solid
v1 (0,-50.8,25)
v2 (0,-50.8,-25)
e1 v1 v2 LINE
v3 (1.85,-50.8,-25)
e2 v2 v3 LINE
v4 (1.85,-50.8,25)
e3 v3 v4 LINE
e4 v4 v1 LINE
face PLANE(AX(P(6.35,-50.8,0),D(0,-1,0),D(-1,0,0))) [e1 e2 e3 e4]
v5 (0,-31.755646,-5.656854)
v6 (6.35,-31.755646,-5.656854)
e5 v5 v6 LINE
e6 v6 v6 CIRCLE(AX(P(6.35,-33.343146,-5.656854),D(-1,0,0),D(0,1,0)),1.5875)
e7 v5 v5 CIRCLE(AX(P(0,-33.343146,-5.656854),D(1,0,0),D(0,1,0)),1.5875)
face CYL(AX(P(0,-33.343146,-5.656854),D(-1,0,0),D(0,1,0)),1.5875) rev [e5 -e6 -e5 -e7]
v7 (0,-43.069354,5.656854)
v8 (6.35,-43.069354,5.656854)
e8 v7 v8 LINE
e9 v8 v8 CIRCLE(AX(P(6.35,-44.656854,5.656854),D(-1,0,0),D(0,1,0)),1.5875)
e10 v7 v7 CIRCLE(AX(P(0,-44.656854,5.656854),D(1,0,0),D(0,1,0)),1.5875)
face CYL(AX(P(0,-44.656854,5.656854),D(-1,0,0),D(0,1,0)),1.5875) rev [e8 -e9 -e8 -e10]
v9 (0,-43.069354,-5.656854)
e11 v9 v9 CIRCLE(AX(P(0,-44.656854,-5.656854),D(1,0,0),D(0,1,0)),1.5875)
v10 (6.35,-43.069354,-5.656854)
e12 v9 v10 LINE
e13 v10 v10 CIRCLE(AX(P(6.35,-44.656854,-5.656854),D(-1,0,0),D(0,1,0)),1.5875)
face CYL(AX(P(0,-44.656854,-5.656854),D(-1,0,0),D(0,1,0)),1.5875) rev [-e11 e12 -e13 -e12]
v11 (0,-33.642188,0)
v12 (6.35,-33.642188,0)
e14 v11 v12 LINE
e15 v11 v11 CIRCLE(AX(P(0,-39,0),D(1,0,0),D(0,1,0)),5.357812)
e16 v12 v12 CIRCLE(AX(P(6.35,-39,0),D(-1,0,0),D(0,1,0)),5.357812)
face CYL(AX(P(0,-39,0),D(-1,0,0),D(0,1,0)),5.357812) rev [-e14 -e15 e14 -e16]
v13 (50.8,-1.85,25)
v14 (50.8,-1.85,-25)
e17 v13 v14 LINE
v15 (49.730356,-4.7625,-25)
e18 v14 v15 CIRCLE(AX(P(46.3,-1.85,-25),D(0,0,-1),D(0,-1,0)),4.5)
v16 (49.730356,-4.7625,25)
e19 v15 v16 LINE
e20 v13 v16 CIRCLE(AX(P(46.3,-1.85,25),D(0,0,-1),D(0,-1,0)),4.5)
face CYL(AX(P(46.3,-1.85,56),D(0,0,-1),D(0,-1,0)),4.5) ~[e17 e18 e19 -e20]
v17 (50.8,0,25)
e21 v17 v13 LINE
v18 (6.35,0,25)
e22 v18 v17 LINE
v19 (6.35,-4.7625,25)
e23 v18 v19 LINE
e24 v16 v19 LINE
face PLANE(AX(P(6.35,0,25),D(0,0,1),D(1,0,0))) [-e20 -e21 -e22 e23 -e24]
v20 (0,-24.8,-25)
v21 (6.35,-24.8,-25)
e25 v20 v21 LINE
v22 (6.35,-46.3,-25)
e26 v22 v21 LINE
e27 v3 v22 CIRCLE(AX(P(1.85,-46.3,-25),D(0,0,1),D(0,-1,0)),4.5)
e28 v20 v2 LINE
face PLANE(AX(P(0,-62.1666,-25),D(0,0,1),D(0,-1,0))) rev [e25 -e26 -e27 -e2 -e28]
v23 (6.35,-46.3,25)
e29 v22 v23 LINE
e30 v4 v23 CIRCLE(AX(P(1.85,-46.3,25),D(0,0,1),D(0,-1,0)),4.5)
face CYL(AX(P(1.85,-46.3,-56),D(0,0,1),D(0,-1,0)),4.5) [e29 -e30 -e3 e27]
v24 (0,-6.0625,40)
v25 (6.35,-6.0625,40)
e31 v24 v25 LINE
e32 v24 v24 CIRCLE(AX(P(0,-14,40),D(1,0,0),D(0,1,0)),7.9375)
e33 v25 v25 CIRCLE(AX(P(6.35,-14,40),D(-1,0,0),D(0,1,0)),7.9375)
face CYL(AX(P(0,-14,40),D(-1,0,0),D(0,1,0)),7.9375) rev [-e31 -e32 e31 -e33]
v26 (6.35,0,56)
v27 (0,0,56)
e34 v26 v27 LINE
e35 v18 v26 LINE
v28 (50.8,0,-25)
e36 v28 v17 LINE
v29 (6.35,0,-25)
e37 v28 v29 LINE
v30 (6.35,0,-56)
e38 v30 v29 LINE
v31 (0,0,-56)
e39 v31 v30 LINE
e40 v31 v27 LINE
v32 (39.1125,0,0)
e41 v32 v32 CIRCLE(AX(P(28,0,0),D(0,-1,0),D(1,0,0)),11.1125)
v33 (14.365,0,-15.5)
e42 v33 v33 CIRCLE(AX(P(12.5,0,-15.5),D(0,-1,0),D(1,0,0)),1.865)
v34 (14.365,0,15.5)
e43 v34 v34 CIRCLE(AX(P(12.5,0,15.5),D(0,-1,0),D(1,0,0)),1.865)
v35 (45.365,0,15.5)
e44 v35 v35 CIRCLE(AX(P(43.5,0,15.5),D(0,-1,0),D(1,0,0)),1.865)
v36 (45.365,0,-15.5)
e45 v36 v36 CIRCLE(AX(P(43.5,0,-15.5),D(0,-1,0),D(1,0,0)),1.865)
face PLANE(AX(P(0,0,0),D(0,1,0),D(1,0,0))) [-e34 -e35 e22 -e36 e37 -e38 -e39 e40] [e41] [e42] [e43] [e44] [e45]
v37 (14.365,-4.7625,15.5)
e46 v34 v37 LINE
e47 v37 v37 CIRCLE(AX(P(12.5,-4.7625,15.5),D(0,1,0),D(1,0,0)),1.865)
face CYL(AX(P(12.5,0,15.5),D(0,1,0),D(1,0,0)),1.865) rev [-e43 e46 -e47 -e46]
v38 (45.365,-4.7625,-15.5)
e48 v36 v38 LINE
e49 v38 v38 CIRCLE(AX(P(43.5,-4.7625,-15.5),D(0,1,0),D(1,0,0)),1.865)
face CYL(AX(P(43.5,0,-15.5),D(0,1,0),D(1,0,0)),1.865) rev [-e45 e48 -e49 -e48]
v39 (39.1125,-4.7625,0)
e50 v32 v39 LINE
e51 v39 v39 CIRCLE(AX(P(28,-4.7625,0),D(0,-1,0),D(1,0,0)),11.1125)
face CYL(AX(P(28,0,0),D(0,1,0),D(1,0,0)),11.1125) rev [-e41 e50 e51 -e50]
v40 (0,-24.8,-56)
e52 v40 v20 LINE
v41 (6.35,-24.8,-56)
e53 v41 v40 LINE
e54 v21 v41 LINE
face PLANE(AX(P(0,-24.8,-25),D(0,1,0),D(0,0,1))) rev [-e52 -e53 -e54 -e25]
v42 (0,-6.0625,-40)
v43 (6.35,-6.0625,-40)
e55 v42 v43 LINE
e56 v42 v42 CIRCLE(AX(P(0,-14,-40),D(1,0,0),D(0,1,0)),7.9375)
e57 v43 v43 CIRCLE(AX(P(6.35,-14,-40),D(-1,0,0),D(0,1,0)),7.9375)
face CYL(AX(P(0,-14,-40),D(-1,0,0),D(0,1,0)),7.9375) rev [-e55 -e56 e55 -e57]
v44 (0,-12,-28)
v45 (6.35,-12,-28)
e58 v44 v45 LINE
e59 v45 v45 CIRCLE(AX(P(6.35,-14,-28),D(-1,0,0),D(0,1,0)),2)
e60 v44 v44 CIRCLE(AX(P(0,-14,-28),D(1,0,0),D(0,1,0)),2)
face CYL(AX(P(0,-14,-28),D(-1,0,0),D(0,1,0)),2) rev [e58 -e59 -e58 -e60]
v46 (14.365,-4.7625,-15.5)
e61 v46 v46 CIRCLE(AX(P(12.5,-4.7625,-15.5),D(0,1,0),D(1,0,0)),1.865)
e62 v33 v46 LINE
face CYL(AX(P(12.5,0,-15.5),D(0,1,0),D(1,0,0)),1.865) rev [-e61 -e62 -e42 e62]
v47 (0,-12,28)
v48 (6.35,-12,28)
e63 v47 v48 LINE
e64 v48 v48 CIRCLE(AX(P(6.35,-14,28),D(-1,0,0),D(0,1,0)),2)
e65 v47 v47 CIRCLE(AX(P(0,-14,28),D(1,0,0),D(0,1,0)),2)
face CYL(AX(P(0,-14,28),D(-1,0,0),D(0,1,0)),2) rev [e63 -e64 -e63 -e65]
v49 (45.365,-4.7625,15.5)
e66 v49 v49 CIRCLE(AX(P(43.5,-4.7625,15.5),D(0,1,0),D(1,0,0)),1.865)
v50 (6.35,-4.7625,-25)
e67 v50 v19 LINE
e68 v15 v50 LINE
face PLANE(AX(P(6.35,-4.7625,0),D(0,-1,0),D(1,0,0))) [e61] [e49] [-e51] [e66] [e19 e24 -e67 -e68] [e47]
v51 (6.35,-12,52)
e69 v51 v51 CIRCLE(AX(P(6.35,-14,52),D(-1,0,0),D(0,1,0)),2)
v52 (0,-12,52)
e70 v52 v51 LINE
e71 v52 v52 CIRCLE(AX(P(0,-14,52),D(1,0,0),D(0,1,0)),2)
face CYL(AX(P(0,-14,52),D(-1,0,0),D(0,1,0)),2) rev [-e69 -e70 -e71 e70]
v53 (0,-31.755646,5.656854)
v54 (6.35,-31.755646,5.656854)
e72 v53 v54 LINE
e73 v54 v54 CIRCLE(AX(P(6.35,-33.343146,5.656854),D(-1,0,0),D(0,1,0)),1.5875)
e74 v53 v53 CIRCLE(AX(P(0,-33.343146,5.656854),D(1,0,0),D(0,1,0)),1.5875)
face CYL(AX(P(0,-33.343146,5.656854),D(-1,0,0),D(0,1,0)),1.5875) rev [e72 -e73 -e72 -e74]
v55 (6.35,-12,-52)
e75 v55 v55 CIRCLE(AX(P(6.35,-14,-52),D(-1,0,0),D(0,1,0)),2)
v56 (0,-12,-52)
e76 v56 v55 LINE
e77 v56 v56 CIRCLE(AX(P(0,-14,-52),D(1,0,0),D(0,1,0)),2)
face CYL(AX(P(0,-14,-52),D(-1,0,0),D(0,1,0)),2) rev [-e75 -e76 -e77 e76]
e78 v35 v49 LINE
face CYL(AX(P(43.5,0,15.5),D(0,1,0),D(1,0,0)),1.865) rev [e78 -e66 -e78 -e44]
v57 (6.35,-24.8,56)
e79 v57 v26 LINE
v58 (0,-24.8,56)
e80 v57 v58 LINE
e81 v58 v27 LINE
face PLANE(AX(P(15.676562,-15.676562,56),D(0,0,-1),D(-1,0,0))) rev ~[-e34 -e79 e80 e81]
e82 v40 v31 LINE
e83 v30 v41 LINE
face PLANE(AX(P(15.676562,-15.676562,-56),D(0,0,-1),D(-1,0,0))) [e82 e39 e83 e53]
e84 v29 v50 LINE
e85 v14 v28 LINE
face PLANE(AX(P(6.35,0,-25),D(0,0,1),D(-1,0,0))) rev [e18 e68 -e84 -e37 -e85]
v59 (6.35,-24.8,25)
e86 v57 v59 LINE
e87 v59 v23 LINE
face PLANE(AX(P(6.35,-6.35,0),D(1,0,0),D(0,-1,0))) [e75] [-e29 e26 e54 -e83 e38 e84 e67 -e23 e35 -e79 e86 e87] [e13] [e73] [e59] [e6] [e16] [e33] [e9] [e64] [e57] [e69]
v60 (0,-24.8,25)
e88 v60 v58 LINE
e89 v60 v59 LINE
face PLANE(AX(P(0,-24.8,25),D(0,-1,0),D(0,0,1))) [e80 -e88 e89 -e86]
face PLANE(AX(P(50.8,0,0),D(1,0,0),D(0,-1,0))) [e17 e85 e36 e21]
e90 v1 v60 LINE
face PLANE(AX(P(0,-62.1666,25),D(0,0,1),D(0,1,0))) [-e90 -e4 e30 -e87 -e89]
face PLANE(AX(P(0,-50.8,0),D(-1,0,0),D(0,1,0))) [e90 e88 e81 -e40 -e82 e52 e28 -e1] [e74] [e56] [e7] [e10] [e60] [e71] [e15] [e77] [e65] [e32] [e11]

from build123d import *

# Parameters (mm, degrees)
PAD_DEPTH            = 56
PAD001_DEPTH         = 56
FILLET_R             = 4.5
SKETCH001_R          = 7.9375
SKETCH001_R_2        = 2
POCKET_DEPTH         = 50.801
LINEARPATTERN_COUNT  = 2
LINEARPATTERN_PITCH  = 80
SKETCH002_R          = 5.357812
SKETCH002_R_2        = 1.5875
POCKET001_DEPTH      = 50.801
POCKET001_DEPTH_BACK = 0.001
SKETCH003_W          = 60
SKETCH003_H          = 51.1187
POCKET002_DEPTH      = 266.123378
POCKET002_DEPTH_BACK = 316.923378
SKETCH004_R          = 1.865
SKETCH004_R_2        = 11.1125
POCKET003_DEPTH      = 0.001
POCKET003_DEPTH_BACK = 50.801
SKETCH005_W          = 60
SKETCH005_H          = 12.25
POCKET004_DEPTH      = 56.001
POCKET004_DEPTH_BACK = 56.001
SKETCH006_W          = 37.3666
SKETCH006_H          = 44.7638
POCKET005_DEPTH      = 266.123378
POCKET005_DEPTH_BACK = 316.923378


with BuildPart() as part:
    # Sketch → Pad (new body)
    with BuildSketch(Plane.XY):
        Polygon((0, 0), (50.8, 0), (50.8, -6.35), (6.35, -6.35), (6.35, -50.8), (0, -50.8), align=None)
    extrude(amount=-PAD_DEPTH)

    # Sketch → Pad001 (join)
    with BuildSketch(Plane.XY):
        Polygon((0, 0), (50.8, 0), (50.8, -6.35), (6.35, -6.35), (6.35, -50.8), (0, -50.8), align=None)
    extrude(amount=PAD001_DEPTH)

    # Fillet
    fillet_edges = [part.edges().sort_by_distance(p)[0] for p in [
        (6.35, -50.8, 0),
        (6.35, -6.35, 0),
        (50.8, -6.35, 0),
    ]]
    fillet(fillet_edges, radius=FILLET_R)

    # Sketch001 → Pocket (cut, through all)
    with BuildSketch(Plane.YZ):
        with Locations((-14, -40)):
            Circle(SKETCH001_R)
        with Locations((-14, -28)):
            Circle(SKETCH001_R_2)
        with Locations((-14, -52)):
            Circle(SKETCH001_R_2)
    pocket = extrude(amount=POCKET_DEPTH, mode=Mode.SUBTRACT)

    # LinearPattern: Pocket ×2
    with Locations(*[(0, 0, i * LINEARPATTERN_PITCH) for i in range(1, LINEARPATTERN_COUNT)]):
        add(pocket, mode=Mode.SUBTRACT)

    # Sketch002 → Pocket001 (cut, two sides)
    with BuildSketch(Plane.YZ) as pocket001_sk:
        with Locations((-39, 0)):
            Circle(SKETCH002_R)
        with Locations((-44.656854, 5.656854)):
            Circle(SKETCH002_R_2)
        with Locations((-33.343146, 5.656854)):
            Circle(SKETCH002_R_2)
        with Locations((-33.343146, -5.656854)):
            Circle(SKETCH002_R_2)
        with Locations((-44.656854, -5.656854)):
            Circle(SKETCH002_R_2)
    extrude(amount=POCKET001_DEPTH, mode=Mode.SUBTRACT)
    extrude(pocket001_sk.sketch, amount=-POCKET001_DEPTH_BACK, mode=Mode.SUBTRACT)

    # Sketch003 → Pocket002 (cut, two sides)
    with BuildSketch(Plane.XZ) as pocket002_sk:
        with Locations((36.35, 50.55935)):
            Rectangle(SKETCH003_W, SKETCH003_H)
    pocket002 = extrude(amount=-POCKET002_DEPTH, mode=Mode.SUBTRACT) + extrude(pocket002_sk.sketch, amount=POCKET002_DEPTH_BACK, mode=Mode.SUBTRACT)

    # Mirrored001: Pocket002 across Sketch003 H_Axis
    add(pocket002.mirror(Plane(origin=(0, 0, 0), x_dir=(0, -1, 0), z_dir=(0, 0, 1))), mode=Mode.SUBTRACT)

    # Sketch004 → Pocket003 (cut, two sides)
    with BuildSketch(Plane.XZ) as pocket003_sk:
        with Locations((43.5, 15.5)):
            Circle(SKETCH004_R)
        with Locations((43.5, -15.5)):
            Circle(SKETCH004_R)
        with Locations((12.5, 15.5)):
            Circle(SKETCH004_R)
        with Locations((12.5, -15.5)):
            Circle(SKETCH004_R)
        with Locations((28, 0)):
            Circle(SKETCH004_R_2)
    extrude(amount=-POCKET003_DEPTH, mode=Mode.SUBTRACT)
    extrude(pocket003_sk.sketch, amount=POCKET003_DEPTH_BACK, mode=Mode.SUBTRACT)

    # Sketch005 → Pocket004 (cut, two sides)
    with BuildSketch(Plane.XY) as pocket004_sk:
        with Locations((36.35, -10.8875)):
            Rectangle(SKETCH005_W, SKETCH005_H)
    extrude(amount=-POCKET004_DEPTH, mode=Mode.SUBTRACT)
    extrude(pocket004_sk.sketch, amount=POCKET004_DEPTH_BACK, mode=Mode.SUBTRACT)

    # Sketch006 → Pocket005 (cut, two sides)
    with BuildSketch(Plane.YZ) as pocket005_sk:
        with Locations((-43.4833, 47.3819)):
            Rectangle(SKETCH006_W, SKETCH006_H)
    pocket005 = extrude(amount=-POCKET005_DEPTH, mode=Mode.SUBTRACT) + extrude(pocket005_sk.sketch, amount=POCKET005_DEPTH_BACK, mode=Mode.SUBTRACT)

    # Mirrored: Pocket005 across Sketch006 H_Axis
    add(pocket005.mirror(Plane.XY), mode=Mode.SUBTRACT)


solid = part.part
